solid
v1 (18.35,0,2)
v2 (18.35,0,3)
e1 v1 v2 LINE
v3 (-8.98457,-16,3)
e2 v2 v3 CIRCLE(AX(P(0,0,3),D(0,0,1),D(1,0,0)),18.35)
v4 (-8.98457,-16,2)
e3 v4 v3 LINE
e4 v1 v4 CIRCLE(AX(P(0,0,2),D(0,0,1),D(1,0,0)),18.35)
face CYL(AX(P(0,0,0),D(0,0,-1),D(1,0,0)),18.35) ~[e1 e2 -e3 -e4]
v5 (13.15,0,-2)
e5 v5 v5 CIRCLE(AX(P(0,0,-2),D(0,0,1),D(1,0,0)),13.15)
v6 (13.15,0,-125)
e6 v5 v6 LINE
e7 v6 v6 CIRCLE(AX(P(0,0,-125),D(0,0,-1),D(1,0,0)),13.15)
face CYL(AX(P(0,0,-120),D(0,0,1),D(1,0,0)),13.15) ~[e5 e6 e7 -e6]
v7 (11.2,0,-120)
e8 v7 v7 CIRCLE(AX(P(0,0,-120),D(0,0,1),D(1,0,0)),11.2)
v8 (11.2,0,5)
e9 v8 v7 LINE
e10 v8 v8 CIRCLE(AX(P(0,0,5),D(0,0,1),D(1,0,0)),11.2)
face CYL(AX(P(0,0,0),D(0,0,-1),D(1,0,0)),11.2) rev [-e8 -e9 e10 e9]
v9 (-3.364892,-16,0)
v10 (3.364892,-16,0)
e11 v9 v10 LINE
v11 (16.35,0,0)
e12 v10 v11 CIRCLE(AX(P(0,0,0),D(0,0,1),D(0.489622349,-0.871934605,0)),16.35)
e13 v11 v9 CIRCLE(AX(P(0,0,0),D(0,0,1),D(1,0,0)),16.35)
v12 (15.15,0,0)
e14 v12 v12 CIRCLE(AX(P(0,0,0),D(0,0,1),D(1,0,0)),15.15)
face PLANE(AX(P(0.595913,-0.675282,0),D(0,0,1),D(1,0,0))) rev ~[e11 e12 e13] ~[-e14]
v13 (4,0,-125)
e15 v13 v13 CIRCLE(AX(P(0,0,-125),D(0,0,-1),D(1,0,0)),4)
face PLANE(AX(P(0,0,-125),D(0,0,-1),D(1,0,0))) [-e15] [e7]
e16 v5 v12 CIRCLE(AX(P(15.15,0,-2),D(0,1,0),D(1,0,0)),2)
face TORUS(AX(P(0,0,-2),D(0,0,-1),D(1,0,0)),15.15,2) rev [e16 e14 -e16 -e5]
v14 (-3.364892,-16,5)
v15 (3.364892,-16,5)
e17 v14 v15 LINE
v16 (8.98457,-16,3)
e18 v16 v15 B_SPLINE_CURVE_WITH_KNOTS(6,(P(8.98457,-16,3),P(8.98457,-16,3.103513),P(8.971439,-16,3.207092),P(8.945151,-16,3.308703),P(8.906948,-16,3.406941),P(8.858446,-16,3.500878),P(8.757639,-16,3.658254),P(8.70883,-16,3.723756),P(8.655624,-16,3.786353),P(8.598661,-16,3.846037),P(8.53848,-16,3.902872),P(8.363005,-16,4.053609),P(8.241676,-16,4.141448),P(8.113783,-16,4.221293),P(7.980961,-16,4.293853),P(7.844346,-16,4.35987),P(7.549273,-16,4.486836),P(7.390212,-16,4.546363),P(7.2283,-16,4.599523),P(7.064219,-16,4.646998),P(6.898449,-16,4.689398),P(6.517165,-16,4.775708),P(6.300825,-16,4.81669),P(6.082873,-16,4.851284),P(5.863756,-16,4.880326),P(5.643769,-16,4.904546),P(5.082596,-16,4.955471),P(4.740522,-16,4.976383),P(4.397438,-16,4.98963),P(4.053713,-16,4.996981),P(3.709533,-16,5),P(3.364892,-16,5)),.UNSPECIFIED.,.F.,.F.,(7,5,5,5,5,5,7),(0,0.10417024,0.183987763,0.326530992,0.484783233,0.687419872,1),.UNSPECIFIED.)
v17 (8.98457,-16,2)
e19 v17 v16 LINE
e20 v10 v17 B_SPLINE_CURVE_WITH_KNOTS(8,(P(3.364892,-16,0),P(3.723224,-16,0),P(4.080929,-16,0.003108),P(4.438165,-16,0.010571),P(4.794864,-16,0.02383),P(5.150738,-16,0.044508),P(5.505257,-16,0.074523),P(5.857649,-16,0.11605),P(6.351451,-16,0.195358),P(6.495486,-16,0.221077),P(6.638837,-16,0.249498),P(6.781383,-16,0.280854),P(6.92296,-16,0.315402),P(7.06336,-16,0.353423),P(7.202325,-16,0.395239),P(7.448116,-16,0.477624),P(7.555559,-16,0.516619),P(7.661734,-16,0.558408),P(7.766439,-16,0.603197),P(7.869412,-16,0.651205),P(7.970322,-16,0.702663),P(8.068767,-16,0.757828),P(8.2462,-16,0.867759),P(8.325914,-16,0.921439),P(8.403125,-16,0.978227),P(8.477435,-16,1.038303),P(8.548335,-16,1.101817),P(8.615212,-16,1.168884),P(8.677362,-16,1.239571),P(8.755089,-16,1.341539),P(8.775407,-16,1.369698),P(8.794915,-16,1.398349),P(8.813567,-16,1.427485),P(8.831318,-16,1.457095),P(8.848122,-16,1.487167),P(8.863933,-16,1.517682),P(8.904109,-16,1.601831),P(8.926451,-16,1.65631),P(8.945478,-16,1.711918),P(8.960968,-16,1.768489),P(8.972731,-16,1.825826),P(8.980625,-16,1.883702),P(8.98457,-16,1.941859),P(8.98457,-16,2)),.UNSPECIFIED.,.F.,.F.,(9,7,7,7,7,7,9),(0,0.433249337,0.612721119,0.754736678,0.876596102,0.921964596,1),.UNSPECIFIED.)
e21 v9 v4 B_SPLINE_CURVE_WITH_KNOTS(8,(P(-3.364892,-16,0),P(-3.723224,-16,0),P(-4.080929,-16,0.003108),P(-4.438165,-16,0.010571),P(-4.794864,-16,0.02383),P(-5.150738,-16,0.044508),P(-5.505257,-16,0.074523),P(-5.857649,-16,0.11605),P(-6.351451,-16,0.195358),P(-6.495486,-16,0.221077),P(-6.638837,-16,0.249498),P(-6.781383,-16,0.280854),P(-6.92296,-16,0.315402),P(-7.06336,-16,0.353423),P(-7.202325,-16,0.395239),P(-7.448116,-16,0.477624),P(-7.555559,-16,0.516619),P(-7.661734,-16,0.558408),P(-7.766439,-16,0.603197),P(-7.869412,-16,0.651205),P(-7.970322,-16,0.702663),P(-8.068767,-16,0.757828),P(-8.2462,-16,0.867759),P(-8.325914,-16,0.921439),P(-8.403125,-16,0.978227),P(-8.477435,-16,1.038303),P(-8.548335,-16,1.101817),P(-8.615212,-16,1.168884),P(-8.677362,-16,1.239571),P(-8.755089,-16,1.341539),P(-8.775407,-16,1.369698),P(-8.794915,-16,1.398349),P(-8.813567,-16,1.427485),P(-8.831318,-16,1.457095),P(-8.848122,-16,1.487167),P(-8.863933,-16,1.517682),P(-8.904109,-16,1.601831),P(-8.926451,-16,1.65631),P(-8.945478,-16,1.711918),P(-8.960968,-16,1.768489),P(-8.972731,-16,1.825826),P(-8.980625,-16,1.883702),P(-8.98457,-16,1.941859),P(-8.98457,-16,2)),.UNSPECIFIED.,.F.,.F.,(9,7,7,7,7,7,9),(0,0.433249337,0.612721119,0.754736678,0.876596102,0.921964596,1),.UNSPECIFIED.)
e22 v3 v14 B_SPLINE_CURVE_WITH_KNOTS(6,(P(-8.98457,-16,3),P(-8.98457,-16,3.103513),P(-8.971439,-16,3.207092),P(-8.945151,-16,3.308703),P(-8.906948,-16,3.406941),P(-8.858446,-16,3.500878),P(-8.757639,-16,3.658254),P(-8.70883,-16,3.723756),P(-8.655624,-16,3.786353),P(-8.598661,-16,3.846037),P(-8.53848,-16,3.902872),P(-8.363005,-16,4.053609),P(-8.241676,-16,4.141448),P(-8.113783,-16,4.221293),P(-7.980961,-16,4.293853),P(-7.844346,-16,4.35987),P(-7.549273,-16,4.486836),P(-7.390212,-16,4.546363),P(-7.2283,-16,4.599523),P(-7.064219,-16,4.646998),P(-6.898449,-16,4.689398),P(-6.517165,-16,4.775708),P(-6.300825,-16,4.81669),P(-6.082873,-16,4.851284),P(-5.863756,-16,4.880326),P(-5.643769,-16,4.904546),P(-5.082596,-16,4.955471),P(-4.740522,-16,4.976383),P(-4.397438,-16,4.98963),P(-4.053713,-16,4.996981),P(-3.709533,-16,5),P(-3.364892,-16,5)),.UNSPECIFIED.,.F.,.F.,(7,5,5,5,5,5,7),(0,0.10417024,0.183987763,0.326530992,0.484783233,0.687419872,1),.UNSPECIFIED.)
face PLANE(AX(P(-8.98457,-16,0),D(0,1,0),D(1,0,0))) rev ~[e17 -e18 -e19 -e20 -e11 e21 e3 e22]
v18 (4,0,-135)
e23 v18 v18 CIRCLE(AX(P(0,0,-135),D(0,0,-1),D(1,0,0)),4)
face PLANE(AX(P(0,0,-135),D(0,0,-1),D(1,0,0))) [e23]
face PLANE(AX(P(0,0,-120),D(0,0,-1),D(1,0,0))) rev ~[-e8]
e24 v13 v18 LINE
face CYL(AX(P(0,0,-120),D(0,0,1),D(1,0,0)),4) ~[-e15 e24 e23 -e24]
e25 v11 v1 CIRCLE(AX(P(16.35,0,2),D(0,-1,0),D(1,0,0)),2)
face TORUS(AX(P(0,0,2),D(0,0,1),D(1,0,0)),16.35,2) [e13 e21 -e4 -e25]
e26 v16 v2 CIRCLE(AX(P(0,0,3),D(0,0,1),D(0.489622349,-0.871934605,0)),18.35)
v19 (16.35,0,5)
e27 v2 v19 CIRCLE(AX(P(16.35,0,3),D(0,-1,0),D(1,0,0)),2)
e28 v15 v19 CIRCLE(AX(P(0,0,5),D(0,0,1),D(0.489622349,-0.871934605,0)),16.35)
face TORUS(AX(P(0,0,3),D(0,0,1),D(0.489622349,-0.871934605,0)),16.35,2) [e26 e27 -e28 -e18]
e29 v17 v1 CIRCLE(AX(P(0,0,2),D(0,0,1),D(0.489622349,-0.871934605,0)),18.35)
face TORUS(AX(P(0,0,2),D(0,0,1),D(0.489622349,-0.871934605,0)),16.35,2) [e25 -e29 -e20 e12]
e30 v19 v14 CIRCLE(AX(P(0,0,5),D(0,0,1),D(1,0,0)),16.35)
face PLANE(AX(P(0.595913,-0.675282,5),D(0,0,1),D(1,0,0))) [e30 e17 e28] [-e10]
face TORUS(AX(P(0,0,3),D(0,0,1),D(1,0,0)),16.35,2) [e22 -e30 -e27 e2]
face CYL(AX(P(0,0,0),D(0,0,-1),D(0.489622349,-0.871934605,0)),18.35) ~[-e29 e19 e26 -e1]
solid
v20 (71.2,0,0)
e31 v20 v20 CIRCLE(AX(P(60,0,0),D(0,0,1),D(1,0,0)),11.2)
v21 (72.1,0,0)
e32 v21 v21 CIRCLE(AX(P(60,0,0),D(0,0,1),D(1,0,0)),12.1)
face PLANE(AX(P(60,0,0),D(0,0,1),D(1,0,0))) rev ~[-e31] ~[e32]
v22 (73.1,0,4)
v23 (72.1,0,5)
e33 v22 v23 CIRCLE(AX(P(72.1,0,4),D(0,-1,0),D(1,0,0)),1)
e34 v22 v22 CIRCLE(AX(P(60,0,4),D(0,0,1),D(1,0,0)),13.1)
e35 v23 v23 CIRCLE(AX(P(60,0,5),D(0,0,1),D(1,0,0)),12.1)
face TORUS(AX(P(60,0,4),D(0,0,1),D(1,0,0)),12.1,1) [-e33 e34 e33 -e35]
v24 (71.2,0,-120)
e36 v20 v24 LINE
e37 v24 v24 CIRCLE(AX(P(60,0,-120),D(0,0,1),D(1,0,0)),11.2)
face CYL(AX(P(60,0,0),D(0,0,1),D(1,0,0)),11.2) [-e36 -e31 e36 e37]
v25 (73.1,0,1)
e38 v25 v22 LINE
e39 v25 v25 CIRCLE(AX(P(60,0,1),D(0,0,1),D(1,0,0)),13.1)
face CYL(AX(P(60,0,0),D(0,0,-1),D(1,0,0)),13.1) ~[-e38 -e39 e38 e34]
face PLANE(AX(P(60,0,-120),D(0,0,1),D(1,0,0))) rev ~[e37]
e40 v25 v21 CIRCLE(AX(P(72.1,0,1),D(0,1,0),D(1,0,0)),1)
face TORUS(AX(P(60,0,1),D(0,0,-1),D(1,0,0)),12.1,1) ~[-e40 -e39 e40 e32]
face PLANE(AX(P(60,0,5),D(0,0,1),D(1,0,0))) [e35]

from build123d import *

# Parameters (mm, degrees)
F0_R     = 13.15
F0_R_2   = 11.2
F1_DEPTH = 5
F2_DEPTH = 120
F3_R     = 13.15
F3_R_2   = 11.2
F3_R_3   = 4
F4_DEPTH = 5
F5_DEPTH = 15
F6_R     = 2
F7_R     = 13.1
F7_R_2   = 11.2
F8_DEPTH = 5
F9_DEPTH = 120
F10_R    = 1


with BuildPart() as f1:
    # F0 (on Top) → F1 (new body)
    with BuildSketch(Plane.XY):
        with BuildLine():
            ThreePointArc((8.9845701066, -16), (15.8364983733, -9.2697259545), (18.35, 0))
            ThreePointArc((18.35, 0), (-9.2697259545, 15.8364983733), (-8.9845701066, -16))
            Line((-8.9845701066, -16), (8.9845701066, -16))
        make_face()
        Circle(F0_R, mode=Mode.SUBTRACT)
        Circle(F0_R)
        Circle(F0_R_2, mode=Mode.SUBTRACT)
    extrude(amount=F1_DEPTH)

    # F0 (on Top) → F2 (join)
    with BuildSketch(Plane.XY):
        Circle(F0_R)
        Circle(F0_R_2, mode=Mode.SUBTRACT)
    extrude(amount=-F2_DEPTH)

    # F3 (on face) → F4 (join)
    with BuildSketch(Plane(origin=(0, 0, -120), x_dir=(1, 0, 0), z_dir=(0, 0, -1))):
        Circle(F3_R)
        Circle(F3_R_2, mode=Mode.SUBTRACT)
        Circle(F3_R_2)
        Circle(F3_R_3, mode=Mode.SUBTRACT)
    extrude(amount=F4_DEPTH)

    # F3 (on face) → F5 (join)
    with BuildSketch(Plane(origin=(0, 0, -120), x_dir=(1, 0, 0), z_dir=(0, 0, -1))):
        Circle(F3_R_3)
    extrude(amount=F5_DEPTH)

    # F6
    f6_edges = [f1.edges().sort_by_distance(p)[0] for p in [
        (0, 18.35, 5),
        (0, 18.35, 0),
        (-13.15, 0, 0),
    ]]
    fillet(f6_edges, radius=F6_R)


with BuildPart() as f8:
    # F7 (on Top) → F8 (new body)
    with BuildSketch(Plane.XY):
        with Locations((60, 0)):
            Circle(F7_R)
        with Locations((60, 0)):
            Circle(F7_R_2, mode=Mode.SUBTRACT)
        with Locations((60, 0)):
            Circle(F7_R_2)
    extrude(amount=F8_DEPTH)

    # F7 (on Top) → F9 (join)
    with BuildSketch(Plane.XY):
        with Locations((60, 0)):
            Circle(F7_R_2)
    extrude(amount=-F9_DEPTH)

    # F10
    f10_edges = [f8.edges().sort_by_distance(p)[0] for p in [
        (46.9, 0, 5),
        (46.9, 0, 0),
    ]]
    fillet(f10_edges, radius=F10_R)


solid = Compound([f1.part, f8.part])
